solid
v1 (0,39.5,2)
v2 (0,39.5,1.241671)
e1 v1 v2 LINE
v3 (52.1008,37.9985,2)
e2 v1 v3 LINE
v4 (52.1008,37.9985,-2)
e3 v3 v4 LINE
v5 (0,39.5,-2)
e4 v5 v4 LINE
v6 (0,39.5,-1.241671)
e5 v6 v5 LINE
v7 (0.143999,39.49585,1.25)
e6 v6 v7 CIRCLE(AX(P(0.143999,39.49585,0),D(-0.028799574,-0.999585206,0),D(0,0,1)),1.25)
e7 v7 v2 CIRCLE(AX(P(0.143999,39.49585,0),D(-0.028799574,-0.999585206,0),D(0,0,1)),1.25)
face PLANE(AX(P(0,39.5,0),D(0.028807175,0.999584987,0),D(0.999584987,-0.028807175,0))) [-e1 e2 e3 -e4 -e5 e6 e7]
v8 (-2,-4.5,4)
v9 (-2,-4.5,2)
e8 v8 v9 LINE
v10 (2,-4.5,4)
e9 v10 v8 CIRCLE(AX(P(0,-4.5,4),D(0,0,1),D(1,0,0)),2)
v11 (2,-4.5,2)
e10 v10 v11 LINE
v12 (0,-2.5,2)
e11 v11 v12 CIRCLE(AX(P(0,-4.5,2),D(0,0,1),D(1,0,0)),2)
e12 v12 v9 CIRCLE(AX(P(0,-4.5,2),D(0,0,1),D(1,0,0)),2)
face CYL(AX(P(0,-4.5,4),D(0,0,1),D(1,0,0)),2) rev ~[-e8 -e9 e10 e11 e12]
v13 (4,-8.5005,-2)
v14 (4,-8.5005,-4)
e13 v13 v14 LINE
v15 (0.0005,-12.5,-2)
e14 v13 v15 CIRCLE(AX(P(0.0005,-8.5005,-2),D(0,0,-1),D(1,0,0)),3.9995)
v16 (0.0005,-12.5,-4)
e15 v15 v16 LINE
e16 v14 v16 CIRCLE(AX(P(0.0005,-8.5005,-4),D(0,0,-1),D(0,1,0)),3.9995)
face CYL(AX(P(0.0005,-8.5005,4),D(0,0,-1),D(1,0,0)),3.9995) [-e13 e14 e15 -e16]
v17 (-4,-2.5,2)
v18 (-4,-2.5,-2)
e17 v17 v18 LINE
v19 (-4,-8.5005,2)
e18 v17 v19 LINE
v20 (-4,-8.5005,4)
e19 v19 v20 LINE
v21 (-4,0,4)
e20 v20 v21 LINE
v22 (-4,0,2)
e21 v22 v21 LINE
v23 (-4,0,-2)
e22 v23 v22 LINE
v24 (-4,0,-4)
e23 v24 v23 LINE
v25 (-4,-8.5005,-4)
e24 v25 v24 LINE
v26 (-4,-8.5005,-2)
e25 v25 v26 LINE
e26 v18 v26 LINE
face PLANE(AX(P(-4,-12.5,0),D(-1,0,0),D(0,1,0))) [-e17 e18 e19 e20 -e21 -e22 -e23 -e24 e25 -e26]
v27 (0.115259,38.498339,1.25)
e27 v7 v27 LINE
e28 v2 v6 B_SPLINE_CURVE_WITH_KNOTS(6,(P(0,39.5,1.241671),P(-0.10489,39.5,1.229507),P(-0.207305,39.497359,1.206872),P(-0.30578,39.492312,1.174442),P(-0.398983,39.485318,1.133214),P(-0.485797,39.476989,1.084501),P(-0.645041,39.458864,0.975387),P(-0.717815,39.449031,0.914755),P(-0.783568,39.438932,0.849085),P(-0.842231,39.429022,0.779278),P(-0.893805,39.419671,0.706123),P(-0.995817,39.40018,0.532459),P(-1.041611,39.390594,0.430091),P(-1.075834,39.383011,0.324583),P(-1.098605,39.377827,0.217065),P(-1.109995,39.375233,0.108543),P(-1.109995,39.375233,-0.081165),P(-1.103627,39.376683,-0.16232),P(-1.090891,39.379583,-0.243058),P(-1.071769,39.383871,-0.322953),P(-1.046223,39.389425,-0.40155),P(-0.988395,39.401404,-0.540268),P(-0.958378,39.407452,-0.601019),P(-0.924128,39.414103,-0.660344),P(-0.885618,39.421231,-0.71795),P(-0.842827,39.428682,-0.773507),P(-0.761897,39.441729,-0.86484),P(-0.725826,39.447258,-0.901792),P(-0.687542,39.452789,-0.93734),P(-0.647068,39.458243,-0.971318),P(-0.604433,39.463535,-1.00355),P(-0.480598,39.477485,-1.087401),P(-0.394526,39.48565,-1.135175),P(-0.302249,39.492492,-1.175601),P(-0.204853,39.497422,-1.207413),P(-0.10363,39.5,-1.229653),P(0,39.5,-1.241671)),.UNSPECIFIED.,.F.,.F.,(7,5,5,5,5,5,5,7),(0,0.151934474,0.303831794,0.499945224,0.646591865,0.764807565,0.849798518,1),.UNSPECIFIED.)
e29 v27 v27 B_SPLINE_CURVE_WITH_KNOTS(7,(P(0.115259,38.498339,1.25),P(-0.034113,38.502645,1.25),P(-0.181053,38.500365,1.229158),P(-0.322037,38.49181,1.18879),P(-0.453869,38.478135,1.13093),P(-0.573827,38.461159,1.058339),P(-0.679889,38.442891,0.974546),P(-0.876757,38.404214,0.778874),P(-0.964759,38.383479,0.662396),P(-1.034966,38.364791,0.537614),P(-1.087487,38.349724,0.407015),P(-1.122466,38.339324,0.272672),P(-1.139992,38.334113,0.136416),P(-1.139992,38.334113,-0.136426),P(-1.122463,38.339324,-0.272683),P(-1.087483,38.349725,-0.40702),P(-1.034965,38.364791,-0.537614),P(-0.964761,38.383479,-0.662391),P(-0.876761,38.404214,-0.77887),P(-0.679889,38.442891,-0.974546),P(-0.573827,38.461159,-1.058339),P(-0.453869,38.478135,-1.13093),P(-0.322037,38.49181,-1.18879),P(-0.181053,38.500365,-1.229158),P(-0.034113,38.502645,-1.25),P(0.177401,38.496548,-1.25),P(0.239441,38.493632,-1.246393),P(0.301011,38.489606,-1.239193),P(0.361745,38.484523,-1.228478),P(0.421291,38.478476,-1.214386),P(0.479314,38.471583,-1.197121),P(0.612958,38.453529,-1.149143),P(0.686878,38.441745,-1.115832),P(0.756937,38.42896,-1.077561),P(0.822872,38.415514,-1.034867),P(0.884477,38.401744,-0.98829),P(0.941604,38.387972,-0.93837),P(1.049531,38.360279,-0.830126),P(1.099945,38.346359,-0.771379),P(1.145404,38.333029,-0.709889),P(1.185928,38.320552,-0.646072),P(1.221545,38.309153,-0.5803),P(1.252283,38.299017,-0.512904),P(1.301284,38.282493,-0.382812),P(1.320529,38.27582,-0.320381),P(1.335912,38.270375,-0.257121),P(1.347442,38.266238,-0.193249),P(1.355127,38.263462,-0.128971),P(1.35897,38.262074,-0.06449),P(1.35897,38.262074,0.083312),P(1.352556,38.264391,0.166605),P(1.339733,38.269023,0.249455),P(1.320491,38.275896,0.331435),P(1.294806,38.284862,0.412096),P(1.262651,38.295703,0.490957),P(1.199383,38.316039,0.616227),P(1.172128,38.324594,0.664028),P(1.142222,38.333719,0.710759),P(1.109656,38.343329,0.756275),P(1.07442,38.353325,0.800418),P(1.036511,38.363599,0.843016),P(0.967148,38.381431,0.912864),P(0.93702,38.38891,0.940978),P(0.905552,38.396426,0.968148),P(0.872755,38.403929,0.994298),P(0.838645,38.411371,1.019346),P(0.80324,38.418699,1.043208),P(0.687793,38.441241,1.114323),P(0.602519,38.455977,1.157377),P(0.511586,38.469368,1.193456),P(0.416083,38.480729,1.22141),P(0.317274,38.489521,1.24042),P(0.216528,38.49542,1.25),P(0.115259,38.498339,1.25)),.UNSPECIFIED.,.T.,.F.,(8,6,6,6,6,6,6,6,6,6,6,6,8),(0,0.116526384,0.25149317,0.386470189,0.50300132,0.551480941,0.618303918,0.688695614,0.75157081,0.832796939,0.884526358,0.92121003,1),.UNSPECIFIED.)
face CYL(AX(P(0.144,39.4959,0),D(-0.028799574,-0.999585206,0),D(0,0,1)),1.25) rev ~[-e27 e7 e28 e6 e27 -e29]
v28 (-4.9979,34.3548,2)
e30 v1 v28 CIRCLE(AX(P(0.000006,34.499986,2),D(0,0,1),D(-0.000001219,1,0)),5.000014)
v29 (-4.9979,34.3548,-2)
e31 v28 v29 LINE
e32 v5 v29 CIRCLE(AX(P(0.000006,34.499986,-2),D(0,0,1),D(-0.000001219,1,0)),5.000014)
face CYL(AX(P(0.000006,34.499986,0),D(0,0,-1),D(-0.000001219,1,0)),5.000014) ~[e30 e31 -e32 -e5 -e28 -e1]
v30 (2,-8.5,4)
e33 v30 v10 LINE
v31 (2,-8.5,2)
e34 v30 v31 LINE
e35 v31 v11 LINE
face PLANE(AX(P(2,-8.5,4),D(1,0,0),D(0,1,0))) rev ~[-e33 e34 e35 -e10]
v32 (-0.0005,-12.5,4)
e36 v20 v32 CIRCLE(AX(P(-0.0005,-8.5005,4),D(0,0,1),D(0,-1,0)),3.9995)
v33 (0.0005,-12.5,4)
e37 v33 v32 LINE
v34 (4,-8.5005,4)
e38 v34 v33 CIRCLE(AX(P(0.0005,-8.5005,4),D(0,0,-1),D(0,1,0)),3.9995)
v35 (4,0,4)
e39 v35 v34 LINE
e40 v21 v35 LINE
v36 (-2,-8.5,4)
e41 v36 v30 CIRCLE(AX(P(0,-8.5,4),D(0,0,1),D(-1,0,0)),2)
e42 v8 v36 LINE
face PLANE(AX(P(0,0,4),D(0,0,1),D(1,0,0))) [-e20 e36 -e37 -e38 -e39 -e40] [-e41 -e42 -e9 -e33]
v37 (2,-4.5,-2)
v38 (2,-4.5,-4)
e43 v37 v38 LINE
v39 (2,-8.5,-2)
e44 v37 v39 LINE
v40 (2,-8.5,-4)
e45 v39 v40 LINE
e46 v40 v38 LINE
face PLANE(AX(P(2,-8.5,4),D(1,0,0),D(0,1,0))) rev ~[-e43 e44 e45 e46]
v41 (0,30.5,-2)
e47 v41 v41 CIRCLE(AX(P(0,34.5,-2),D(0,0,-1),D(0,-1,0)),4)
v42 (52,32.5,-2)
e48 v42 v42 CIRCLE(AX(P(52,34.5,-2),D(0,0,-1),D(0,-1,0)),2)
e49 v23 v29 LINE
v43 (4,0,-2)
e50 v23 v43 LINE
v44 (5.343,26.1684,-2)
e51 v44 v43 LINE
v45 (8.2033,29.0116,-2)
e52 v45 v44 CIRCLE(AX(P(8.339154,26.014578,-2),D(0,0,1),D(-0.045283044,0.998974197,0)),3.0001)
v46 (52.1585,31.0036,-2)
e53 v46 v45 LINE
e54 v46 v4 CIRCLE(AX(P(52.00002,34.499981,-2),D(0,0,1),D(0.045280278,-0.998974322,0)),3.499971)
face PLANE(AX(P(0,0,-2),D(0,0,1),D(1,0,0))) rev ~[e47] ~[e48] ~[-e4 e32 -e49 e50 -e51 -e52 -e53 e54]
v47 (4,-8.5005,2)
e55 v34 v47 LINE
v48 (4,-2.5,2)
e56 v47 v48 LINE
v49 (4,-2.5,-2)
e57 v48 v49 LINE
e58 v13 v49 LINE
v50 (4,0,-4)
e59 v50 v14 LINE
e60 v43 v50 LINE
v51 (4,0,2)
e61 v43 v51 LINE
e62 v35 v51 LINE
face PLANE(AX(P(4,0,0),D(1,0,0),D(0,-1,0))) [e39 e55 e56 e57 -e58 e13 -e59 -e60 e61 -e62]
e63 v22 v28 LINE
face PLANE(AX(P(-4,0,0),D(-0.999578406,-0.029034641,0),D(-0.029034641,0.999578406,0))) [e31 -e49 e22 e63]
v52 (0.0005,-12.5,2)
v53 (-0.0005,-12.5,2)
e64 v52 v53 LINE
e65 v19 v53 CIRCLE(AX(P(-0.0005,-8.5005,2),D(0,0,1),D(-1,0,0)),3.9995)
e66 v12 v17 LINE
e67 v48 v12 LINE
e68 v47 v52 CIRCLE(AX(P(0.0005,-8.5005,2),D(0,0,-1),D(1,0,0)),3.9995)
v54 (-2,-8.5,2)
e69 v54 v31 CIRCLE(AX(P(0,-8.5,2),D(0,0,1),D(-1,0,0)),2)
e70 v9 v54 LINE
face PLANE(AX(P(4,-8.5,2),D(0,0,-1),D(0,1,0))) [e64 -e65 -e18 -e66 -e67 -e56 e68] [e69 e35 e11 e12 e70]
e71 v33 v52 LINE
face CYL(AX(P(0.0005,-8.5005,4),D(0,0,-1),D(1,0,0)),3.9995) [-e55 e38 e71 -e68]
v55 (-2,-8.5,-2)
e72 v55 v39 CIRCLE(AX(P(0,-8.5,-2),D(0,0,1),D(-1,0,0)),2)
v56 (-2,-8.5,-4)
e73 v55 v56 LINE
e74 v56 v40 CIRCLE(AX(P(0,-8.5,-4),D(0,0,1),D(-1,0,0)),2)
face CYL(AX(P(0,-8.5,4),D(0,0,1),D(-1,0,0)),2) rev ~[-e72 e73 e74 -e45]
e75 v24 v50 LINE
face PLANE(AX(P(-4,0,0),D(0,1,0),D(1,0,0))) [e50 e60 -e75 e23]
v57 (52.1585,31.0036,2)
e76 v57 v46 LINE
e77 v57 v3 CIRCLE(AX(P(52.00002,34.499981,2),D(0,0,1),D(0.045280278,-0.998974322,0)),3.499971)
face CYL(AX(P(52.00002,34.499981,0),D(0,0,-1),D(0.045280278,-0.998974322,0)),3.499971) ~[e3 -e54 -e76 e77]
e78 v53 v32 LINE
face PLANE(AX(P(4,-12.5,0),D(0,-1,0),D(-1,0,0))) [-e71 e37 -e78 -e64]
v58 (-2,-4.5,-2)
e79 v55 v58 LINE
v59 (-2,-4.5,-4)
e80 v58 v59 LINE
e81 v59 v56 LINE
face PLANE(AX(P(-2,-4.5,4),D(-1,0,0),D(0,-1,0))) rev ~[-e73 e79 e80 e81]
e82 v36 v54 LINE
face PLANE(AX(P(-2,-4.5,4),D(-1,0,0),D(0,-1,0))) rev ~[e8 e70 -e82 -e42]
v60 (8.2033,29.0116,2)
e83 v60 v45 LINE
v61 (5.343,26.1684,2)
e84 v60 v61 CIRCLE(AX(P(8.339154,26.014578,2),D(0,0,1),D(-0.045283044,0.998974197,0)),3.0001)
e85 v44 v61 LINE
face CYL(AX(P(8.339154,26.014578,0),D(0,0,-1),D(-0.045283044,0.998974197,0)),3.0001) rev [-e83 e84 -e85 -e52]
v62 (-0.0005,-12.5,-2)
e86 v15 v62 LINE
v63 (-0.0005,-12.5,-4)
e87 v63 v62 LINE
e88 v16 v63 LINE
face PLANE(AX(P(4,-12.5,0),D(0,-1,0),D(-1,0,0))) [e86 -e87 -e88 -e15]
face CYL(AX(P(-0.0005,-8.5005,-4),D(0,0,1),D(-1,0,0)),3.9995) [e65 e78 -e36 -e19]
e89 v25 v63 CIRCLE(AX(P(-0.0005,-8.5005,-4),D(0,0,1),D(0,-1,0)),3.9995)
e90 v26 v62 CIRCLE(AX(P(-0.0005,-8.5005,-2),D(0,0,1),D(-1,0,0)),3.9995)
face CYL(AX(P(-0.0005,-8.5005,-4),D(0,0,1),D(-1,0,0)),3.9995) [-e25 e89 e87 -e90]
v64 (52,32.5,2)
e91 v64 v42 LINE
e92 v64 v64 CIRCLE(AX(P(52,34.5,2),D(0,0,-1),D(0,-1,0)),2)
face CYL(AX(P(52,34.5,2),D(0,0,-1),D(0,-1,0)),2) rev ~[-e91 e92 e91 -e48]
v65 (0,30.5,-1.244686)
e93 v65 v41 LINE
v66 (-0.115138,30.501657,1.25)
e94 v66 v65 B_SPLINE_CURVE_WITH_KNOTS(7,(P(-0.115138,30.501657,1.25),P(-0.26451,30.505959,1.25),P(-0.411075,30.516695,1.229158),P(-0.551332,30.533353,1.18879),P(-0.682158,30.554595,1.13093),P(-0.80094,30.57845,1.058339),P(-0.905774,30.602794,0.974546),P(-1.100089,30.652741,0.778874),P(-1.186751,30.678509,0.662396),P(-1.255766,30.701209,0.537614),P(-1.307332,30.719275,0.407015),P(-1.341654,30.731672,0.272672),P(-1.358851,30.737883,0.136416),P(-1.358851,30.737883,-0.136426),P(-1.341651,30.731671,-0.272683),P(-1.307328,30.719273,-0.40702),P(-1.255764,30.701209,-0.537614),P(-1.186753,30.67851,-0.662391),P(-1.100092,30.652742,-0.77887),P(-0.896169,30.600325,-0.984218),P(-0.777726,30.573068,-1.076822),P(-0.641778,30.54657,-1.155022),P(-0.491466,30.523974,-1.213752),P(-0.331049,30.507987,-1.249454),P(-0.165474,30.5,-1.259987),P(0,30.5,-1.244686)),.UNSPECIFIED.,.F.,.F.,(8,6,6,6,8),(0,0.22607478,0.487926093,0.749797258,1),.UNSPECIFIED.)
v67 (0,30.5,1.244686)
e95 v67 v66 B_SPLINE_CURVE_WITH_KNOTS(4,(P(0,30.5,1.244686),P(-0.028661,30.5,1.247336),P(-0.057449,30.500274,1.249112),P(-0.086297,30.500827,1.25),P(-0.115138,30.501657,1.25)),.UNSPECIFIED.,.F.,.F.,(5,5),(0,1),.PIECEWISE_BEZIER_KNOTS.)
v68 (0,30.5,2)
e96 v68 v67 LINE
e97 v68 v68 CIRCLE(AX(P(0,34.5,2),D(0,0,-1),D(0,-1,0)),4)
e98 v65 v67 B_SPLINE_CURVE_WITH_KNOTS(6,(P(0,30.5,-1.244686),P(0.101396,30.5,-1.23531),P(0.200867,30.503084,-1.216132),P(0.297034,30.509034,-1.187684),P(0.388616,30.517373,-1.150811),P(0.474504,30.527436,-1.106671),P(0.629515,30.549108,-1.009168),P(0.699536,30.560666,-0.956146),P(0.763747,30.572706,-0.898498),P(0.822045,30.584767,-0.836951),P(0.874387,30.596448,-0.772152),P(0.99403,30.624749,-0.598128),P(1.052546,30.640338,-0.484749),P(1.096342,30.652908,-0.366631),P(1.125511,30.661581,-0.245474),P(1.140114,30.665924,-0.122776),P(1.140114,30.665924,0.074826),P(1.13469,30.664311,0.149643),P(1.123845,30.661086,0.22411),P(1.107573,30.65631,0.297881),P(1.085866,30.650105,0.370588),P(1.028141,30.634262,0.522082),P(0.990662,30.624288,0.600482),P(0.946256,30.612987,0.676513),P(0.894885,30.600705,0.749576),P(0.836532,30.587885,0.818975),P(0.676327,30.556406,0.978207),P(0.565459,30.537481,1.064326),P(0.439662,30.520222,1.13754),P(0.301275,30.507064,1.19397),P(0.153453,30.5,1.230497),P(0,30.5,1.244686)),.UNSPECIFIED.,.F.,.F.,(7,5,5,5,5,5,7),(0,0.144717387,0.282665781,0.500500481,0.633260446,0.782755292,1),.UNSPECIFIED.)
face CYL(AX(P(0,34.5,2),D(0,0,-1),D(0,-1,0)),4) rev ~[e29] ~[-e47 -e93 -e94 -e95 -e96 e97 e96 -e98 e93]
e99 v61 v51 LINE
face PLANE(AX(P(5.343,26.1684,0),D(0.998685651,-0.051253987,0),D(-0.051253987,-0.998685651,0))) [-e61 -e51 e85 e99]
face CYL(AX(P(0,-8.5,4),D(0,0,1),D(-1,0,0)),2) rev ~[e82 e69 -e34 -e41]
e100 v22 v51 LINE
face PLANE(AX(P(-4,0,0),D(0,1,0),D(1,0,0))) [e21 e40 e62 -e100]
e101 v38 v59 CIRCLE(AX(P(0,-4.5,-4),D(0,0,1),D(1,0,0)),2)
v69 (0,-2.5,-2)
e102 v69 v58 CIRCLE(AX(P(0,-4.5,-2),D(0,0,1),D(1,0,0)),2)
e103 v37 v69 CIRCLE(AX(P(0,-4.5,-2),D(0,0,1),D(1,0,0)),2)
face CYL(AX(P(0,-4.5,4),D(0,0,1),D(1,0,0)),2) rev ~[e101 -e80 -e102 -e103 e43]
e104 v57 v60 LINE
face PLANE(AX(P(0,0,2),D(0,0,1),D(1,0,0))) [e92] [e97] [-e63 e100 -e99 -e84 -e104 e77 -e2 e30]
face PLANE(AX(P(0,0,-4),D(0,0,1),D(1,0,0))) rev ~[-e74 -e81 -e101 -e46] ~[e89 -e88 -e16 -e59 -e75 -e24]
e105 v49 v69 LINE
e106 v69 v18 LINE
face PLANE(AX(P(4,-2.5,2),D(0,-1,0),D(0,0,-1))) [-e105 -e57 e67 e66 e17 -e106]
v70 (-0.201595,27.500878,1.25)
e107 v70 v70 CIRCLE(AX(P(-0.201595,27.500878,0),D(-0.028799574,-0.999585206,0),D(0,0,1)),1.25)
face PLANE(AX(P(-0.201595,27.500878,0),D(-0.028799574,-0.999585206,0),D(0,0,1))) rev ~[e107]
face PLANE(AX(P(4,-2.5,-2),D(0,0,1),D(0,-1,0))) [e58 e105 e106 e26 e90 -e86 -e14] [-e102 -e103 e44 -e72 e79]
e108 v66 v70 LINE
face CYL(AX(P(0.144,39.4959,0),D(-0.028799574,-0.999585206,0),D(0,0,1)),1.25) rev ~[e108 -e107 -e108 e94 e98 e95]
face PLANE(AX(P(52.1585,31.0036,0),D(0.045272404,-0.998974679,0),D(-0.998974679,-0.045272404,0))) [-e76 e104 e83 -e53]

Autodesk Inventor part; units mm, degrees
ref_plane "YZ Plane" through (0, 0, 0) normal (1, 0, 0) x (0, 1, 0)
ref_plane "XZ Plane" through (0, 0, 0) normal (0, 1, 0) x (-1, 0, 0)
sketch "Sketch2" plane through (0, 0, 0) normal (0, 0, 1) x (1, 0, 0)
  line L0 (-4, 0) -> (4, 0)
  line L1 (4, 0) -> (4, -12.5)
  line L2 (4, -12.5) -> (-4, -12.5)
  line L3 (-4, -12.5) -> (-4, 0)
  point P0 (0, 0)
  point P1 (0, 0)
  dimension "d8" = 12.5
  dimension "d9" = 8
extrude "Extrusion1" add sketch "Sketch2" along normal mid plane 8
fillet "Fillet1" radius 4 2 edges at (4, -12.5, 0) (-4, -12.5, 0)
sketch "Sketch4" plane through (0, 0, 4) normal (0, 0, 1) x (1, 0, 0)
  line L0 (0, -8.5) -> (0, -4.5) construction
  line L1 (2, -8.5) -> (2, -4.5)
  line L2 (-2, -4.5) -> (-2, -8.5)
  arc A0 (-2, -8.5) -> (2, -8.5) centre (0, -8.5) ccw
  arc A1 (2, -4.5) -> (-2, -4.5) centre (0, -4.5) ccw
  line L3 (4, 0) -> (-4, 0) projected
  point P0 (0, 0)
  point P1 (0, -6.5)
  point P2 (0, 0)
  dimension "d17" = 4
  dimension "d18" = 2
extrude "Extrusion3" cut sketch "Sketch4" against normal blind 10
sketch "Sketch5" plane through (4, 0, 4) normal (1, 0, 0) x (0, 0, -1)
  line L0 (0, -8.5) -> (0, -8.5) projected
  line L1 (0, -8.5) -> (8, -8.5) projected
  line L2 (8, -8.5) -> (8, -8.5) projected
  line L3 (8, -8.5) -> (0, -8.5) projected
  line L4 (8, -12.5) -> (0, -12.5) projected
  line L5 (2, -2.5) -> (6, -2.5)
  line L6 (6, -2.5) -> (6, -12.5)
  line L7 (6, -12.5) -> (2, -12.5)
  line L8 (2, -12.5) -> (2, -2.5)
  line L9 (0, -8.5) -> (0, 0) projected
  point P0 (4, 0)
  dimension "d22" = 4
  dimension "d23" = 10
  dimension "d24" = 2
extrude "Extrusion4" cut sketch "Sketch5" against normal up to surface (8 mm away)
ref_plane "Work Plane1" through (0, 0, 0) normal (0, 0, 1) x (1, 0, 0)
sketch "Sketch6" plane through (0, 0, 0) normal (0, 0, 1) x (1, 0, 0)
  line L0 (-4, 0) -> (4, 0) projected
  line L1 (-4, 0) -> (-4.9979, 34.3548)
  arc A0 (0, 39.5) -> (-4.9979, 34.3548) centre (0, 34.5) ccw
  line L2 (0, 39.5) -> (52.1008, 37.9985)
  arc A1 (52.1585, 31.0036) -> (52.1008, 37.9985) centre (52, 34.5) ccw
  line L3 (52.1585, 31.0036) -> (8.2033, 29.0116)
  line L4 (5.343, 26.1684) -> (4, 0)
  arc A2 (0, -2.5) -> (-2, -4.5) centre (0, -4.5) ccw projected
  arc A3 (2, -4.5) -> (0, -2.5) centre (0, -4.5) ccw projected
  arc A4 (8.2033, 29.0116) -> (5.343, 26.1684) centre (8.3391, 26.0147) ccw
  point P0 (0, 0)
  point P1 (0, 0)
  dimension "d28" = 5
  dimension "d29" = 39
  dimension "d30" = 52
  dimension "d31" = 3
  dimension "d32" = 3.5
extrude "Extrusion5" add sketch "Sketch6" along normal mid plane 4
sketch "Sketch7" plane through (0, 0, 2) normal (0, 0, 1) x (1, 0, 0)
  arc A0 (52.1585, 31.0036) -> (52.1008, 37.9985) centre (52, 34.5) ccw projected
  point P0 (0, 0)
hole "Hole1" at (52, 34.5, 2) direction (0, 0, -1) diameter 4 depth 4
sketch "Sketch8" plane through (0, 0, 2) normal (0, 0, 1) x (1, 0, 0)
  arc A0 (0, 39.5) -> (-4.9979, 34.3548) centre (0, 34.5) ccw projected
  point P0 (0, 0)
hole "Hole2" at (0, 34.5, 2) direction (0, 0, -1) diameter 8 depth 4
sketch "Sketch9" plane through (0, 39.5, 2) normal (0.0288, 0.9996, 0) x (0.9996, -0.0288, 0)
  line L0 (-4.8476, 0) -> (-4.8476, 4) projected
  line L1 (4.144, 0) -> (-3.856, 0) projected
  point P0 (1.1378, 2)
  point P1 (0.144, 2)
  point P2 (-4.8476, 2)
  point P3 (0.144, 0)
hole "Hole3" at (0.144, 39.4959, 0) direction (-0.0288, -0.9996, 0) diameter 2.5 depth 12
sketch "Sketch10" plane through (0, 0, -4) normal (0, 0, 1) x (1, 0, 0)
  circle A0 centre (0, -6.592) radius 2
  line L0 (4, 0) -> (-4, 0) projected
  line L1 (-2, -4.5) -> (-2, -8.5) projected
  arc A1 (-2, -8.5) -> (2, -8.5) centre (0, -8.5) ccw projected
  point P0 (0, 0)
  point P1 (0, 0)
  point P2 (-2, -6.5)
  point P3 (0, -10.5)
  dimension "d57" = 4
  dimension "d59" = 3.908
properties part number "10"
